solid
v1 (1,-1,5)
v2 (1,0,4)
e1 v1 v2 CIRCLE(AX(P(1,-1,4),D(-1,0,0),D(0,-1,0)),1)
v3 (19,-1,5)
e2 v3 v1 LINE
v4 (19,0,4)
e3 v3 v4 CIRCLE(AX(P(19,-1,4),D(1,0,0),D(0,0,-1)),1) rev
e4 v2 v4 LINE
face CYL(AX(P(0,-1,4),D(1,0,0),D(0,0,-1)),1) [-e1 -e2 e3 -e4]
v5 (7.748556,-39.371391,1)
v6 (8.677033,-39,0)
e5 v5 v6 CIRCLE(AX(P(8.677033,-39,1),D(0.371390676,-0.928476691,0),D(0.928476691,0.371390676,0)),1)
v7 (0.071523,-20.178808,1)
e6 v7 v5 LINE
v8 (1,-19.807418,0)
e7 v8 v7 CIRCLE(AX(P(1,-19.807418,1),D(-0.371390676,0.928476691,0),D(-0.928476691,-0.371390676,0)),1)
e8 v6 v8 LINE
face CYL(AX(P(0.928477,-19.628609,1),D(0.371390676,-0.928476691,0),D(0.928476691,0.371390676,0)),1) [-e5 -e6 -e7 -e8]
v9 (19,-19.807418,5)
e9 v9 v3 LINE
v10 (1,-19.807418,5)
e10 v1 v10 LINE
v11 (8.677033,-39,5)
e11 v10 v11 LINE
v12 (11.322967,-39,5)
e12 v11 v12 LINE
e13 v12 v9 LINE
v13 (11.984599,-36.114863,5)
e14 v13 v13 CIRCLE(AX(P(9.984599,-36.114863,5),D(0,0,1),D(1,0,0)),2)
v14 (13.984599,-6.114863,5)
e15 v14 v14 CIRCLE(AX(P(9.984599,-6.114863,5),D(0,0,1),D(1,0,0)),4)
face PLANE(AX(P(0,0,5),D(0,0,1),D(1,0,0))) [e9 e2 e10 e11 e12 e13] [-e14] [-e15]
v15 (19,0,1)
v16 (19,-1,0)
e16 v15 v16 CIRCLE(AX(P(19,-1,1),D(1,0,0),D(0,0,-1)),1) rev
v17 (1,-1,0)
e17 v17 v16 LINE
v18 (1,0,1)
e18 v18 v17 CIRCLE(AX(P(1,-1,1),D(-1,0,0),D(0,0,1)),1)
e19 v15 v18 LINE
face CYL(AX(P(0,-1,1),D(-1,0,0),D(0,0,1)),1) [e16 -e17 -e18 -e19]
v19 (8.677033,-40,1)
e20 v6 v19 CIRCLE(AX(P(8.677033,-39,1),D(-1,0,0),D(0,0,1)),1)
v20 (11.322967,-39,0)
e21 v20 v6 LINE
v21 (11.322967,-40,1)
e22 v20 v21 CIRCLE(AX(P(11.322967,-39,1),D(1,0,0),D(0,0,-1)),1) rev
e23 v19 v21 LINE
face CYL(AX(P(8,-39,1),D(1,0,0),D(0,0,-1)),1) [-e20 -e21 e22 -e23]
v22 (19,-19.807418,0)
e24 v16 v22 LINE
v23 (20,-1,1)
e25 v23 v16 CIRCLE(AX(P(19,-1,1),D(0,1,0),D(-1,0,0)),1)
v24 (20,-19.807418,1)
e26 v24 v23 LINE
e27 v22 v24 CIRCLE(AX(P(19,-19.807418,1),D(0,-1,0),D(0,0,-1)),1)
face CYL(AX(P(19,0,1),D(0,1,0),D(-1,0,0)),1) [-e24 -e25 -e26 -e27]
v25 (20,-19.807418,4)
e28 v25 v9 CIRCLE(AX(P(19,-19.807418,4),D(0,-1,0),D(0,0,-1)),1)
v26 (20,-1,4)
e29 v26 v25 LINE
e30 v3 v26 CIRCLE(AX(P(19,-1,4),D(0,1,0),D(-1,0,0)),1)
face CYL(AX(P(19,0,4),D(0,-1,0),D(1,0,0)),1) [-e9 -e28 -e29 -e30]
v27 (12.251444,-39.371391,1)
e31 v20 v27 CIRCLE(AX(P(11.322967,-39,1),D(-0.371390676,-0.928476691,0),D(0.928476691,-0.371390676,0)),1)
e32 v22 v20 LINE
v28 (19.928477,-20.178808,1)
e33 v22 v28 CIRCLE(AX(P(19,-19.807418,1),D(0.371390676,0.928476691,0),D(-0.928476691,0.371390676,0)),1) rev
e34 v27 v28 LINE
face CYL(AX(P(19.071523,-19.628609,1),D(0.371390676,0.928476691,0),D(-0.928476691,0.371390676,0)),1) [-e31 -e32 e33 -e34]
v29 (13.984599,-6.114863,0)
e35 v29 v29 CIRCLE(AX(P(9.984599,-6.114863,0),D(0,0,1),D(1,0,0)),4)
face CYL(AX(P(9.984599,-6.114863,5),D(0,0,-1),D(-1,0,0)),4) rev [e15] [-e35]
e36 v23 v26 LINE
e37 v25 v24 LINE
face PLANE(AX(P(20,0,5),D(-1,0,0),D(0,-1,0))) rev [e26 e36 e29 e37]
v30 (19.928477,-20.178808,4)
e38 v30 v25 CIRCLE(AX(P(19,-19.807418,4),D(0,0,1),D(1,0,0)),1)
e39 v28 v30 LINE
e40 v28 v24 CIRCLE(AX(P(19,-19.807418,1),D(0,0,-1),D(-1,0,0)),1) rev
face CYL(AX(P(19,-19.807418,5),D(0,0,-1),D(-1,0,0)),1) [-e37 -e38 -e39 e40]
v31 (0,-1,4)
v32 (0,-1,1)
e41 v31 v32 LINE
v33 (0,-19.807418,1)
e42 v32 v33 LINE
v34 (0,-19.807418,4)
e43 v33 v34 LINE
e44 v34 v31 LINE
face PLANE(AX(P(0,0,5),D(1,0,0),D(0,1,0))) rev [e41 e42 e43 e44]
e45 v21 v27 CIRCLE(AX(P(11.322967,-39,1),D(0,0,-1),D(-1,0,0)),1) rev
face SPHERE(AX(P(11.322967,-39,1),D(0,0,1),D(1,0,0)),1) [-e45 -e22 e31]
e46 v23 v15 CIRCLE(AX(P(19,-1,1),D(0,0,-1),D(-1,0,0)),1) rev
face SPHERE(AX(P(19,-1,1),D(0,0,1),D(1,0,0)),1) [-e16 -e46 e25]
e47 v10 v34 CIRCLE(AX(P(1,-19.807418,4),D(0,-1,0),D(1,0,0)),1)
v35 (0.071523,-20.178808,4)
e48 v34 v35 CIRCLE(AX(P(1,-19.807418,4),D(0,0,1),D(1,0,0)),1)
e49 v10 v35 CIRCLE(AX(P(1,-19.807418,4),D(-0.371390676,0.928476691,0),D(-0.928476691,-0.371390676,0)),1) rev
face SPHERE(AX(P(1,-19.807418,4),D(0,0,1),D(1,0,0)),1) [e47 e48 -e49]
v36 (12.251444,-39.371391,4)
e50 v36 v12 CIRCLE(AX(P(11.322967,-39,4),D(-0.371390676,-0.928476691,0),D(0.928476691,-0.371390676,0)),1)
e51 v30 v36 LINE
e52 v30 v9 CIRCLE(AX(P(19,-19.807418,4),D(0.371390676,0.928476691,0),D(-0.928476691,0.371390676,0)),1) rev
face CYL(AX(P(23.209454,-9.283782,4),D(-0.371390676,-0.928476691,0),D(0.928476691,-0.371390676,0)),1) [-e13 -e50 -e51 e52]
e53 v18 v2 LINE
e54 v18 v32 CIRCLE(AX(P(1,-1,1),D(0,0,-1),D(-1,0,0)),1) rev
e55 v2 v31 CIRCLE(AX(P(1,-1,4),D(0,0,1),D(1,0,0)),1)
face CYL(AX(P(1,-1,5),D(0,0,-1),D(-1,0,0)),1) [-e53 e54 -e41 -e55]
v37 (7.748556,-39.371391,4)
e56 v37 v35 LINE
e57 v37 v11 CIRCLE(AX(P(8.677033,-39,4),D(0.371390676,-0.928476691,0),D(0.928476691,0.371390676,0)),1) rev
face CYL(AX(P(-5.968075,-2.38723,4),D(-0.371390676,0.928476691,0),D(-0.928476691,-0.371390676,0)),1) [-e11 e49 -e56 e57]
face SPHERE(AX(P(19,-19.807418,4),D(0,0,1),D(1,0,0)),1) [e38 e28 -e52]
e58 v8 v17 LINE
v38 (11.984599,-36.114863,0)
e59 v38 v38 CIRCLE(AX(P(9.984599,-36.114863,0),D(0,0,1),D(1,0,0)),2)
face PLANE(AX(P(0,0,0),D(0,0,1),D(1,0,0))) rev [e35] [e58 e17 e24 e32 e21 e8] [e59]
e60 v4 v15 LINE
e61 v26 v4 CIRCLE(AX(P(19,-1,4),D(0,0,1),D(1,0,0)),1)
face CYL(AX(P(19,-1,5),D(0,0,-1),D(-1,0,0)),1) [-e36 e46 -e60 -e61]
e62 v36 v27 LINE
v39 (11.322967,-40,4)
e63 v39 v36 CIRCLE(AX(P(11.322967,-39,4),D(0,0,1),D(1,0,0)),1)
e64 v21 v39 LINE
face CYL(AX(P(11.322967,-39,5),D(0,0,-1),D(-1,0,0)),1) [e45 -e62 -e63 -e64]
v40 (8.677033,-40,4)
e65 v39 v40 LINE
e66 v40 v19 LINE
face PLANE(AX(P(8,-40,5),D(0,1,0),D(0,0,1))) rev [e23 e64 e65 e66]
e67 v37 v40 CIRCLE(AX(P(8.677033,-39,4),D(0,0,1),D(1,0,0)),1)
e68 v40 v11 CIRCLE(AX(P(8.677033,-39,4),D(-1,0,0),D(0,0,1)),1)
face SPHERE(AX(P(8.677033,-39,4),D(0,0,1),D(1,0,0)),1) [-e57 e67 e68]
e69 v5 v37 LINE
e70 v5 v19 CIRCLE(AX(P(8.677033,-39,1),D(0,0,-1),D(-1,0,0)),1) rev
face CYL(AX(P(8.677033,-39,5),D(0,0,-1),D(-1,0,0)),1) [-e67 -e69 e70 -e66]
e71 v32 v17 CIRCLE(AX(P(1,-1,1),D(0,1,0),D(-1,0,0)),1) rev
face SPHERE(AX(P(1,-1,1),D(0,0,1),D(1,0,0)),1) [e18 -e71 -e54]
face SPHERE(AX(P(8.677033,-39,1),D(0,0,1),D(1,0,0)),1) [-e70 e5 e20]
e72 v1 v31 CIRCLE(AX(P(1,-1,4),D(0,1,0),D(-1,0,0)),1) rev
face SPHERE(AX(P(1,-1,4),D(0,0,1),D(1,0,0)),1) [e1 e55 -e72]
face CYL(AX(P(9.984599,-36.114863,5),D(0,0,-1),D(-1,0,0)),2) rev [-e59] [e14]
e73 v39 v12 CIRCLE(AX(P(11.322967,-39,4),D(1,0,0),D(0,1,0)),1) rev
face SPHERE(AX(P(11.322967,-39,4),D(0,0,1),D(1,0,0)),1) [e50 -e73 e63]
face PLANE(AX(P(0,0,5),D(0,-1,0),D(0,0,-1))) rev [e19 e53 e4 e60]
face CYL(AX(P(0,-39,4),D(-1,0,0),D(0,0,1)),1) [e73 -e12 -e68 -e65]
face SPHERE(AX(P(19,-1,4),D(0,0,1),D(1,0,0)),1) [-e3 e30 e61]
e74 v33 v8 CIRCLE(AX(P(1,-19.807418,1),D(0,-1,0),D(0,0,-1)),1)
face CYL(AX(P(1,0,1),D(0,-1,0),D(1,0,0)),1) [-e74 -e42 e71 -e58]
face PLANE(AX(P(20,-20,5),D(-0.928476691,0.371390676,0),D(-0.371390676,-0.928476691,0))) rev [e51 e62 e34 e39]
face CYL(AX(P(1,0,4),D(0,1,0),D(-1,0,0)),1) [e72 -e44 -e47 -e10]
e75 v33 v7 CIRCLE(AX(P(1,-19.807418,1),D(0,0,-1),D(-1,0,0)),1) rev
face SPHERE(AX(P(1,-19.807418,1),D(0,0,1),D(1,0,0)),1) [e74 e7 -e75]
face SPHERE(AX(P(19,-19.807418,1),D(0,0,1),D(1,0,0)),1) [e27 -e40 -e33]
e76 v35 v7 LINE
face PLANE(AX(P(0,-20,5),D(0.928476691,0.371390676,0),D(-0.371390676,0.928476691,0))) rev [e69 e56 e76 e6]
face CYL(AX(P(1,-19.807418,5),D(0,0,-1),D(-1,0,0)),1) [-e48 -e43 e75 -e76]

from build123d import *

# Parameters (mm, degrees)
SKETCH1_R           = 4
SKETCH1_R_2         = 2
BOSS_EXTRUDE1_DEPTH = 5
FILLET1_R           = 1


with BuildPart() as part:
    # Sketch1 → Boss-Extrude1 (new body)
    with BuildSketch(Plane.XY):
        Polygon((0, -20), (8, -40), (12, -40), (20, -20), (20, 0), (0, 0), align=None)
        with Locations((9.984598527, -6.114863432)):
            Circle(SKETCH1_R, mode=Mode.SUBTRACT)
        with Locations((9.984598527, -36.114863432)):
            Circle(SKETCH1_R_2, mode=Mode.SUBTRACT)
    extrude(amount=BOSS_EXTRUDE1_DEPTH)

    # Fillet1
    fillet1_edges = [part.edges().sort_by_distance(p)[0] for p in [
        (10, -40, 5),
        (0, 0, 2.5),
        (20, 0, 2.5),
        (20, -20, 2.5),
        (12, -40, 2.5),
        (8, -40, 2.5),
        (0, -20, 2.5),
        (16, -30, 5),
        (20, -10, 5),
        (10, 0, 5),
        (0, -10, 5),
        (10, 0, 0),
        (20, -10, 0),
        (16, -30, 0),
        (4, -30, 5),
        (10, -40, 0),
        (4, -30, 0),
        (0, -10, 0),
    ]]
    fillet(fillet1_edges, radius=FILLET1_R)


solid = part.part
